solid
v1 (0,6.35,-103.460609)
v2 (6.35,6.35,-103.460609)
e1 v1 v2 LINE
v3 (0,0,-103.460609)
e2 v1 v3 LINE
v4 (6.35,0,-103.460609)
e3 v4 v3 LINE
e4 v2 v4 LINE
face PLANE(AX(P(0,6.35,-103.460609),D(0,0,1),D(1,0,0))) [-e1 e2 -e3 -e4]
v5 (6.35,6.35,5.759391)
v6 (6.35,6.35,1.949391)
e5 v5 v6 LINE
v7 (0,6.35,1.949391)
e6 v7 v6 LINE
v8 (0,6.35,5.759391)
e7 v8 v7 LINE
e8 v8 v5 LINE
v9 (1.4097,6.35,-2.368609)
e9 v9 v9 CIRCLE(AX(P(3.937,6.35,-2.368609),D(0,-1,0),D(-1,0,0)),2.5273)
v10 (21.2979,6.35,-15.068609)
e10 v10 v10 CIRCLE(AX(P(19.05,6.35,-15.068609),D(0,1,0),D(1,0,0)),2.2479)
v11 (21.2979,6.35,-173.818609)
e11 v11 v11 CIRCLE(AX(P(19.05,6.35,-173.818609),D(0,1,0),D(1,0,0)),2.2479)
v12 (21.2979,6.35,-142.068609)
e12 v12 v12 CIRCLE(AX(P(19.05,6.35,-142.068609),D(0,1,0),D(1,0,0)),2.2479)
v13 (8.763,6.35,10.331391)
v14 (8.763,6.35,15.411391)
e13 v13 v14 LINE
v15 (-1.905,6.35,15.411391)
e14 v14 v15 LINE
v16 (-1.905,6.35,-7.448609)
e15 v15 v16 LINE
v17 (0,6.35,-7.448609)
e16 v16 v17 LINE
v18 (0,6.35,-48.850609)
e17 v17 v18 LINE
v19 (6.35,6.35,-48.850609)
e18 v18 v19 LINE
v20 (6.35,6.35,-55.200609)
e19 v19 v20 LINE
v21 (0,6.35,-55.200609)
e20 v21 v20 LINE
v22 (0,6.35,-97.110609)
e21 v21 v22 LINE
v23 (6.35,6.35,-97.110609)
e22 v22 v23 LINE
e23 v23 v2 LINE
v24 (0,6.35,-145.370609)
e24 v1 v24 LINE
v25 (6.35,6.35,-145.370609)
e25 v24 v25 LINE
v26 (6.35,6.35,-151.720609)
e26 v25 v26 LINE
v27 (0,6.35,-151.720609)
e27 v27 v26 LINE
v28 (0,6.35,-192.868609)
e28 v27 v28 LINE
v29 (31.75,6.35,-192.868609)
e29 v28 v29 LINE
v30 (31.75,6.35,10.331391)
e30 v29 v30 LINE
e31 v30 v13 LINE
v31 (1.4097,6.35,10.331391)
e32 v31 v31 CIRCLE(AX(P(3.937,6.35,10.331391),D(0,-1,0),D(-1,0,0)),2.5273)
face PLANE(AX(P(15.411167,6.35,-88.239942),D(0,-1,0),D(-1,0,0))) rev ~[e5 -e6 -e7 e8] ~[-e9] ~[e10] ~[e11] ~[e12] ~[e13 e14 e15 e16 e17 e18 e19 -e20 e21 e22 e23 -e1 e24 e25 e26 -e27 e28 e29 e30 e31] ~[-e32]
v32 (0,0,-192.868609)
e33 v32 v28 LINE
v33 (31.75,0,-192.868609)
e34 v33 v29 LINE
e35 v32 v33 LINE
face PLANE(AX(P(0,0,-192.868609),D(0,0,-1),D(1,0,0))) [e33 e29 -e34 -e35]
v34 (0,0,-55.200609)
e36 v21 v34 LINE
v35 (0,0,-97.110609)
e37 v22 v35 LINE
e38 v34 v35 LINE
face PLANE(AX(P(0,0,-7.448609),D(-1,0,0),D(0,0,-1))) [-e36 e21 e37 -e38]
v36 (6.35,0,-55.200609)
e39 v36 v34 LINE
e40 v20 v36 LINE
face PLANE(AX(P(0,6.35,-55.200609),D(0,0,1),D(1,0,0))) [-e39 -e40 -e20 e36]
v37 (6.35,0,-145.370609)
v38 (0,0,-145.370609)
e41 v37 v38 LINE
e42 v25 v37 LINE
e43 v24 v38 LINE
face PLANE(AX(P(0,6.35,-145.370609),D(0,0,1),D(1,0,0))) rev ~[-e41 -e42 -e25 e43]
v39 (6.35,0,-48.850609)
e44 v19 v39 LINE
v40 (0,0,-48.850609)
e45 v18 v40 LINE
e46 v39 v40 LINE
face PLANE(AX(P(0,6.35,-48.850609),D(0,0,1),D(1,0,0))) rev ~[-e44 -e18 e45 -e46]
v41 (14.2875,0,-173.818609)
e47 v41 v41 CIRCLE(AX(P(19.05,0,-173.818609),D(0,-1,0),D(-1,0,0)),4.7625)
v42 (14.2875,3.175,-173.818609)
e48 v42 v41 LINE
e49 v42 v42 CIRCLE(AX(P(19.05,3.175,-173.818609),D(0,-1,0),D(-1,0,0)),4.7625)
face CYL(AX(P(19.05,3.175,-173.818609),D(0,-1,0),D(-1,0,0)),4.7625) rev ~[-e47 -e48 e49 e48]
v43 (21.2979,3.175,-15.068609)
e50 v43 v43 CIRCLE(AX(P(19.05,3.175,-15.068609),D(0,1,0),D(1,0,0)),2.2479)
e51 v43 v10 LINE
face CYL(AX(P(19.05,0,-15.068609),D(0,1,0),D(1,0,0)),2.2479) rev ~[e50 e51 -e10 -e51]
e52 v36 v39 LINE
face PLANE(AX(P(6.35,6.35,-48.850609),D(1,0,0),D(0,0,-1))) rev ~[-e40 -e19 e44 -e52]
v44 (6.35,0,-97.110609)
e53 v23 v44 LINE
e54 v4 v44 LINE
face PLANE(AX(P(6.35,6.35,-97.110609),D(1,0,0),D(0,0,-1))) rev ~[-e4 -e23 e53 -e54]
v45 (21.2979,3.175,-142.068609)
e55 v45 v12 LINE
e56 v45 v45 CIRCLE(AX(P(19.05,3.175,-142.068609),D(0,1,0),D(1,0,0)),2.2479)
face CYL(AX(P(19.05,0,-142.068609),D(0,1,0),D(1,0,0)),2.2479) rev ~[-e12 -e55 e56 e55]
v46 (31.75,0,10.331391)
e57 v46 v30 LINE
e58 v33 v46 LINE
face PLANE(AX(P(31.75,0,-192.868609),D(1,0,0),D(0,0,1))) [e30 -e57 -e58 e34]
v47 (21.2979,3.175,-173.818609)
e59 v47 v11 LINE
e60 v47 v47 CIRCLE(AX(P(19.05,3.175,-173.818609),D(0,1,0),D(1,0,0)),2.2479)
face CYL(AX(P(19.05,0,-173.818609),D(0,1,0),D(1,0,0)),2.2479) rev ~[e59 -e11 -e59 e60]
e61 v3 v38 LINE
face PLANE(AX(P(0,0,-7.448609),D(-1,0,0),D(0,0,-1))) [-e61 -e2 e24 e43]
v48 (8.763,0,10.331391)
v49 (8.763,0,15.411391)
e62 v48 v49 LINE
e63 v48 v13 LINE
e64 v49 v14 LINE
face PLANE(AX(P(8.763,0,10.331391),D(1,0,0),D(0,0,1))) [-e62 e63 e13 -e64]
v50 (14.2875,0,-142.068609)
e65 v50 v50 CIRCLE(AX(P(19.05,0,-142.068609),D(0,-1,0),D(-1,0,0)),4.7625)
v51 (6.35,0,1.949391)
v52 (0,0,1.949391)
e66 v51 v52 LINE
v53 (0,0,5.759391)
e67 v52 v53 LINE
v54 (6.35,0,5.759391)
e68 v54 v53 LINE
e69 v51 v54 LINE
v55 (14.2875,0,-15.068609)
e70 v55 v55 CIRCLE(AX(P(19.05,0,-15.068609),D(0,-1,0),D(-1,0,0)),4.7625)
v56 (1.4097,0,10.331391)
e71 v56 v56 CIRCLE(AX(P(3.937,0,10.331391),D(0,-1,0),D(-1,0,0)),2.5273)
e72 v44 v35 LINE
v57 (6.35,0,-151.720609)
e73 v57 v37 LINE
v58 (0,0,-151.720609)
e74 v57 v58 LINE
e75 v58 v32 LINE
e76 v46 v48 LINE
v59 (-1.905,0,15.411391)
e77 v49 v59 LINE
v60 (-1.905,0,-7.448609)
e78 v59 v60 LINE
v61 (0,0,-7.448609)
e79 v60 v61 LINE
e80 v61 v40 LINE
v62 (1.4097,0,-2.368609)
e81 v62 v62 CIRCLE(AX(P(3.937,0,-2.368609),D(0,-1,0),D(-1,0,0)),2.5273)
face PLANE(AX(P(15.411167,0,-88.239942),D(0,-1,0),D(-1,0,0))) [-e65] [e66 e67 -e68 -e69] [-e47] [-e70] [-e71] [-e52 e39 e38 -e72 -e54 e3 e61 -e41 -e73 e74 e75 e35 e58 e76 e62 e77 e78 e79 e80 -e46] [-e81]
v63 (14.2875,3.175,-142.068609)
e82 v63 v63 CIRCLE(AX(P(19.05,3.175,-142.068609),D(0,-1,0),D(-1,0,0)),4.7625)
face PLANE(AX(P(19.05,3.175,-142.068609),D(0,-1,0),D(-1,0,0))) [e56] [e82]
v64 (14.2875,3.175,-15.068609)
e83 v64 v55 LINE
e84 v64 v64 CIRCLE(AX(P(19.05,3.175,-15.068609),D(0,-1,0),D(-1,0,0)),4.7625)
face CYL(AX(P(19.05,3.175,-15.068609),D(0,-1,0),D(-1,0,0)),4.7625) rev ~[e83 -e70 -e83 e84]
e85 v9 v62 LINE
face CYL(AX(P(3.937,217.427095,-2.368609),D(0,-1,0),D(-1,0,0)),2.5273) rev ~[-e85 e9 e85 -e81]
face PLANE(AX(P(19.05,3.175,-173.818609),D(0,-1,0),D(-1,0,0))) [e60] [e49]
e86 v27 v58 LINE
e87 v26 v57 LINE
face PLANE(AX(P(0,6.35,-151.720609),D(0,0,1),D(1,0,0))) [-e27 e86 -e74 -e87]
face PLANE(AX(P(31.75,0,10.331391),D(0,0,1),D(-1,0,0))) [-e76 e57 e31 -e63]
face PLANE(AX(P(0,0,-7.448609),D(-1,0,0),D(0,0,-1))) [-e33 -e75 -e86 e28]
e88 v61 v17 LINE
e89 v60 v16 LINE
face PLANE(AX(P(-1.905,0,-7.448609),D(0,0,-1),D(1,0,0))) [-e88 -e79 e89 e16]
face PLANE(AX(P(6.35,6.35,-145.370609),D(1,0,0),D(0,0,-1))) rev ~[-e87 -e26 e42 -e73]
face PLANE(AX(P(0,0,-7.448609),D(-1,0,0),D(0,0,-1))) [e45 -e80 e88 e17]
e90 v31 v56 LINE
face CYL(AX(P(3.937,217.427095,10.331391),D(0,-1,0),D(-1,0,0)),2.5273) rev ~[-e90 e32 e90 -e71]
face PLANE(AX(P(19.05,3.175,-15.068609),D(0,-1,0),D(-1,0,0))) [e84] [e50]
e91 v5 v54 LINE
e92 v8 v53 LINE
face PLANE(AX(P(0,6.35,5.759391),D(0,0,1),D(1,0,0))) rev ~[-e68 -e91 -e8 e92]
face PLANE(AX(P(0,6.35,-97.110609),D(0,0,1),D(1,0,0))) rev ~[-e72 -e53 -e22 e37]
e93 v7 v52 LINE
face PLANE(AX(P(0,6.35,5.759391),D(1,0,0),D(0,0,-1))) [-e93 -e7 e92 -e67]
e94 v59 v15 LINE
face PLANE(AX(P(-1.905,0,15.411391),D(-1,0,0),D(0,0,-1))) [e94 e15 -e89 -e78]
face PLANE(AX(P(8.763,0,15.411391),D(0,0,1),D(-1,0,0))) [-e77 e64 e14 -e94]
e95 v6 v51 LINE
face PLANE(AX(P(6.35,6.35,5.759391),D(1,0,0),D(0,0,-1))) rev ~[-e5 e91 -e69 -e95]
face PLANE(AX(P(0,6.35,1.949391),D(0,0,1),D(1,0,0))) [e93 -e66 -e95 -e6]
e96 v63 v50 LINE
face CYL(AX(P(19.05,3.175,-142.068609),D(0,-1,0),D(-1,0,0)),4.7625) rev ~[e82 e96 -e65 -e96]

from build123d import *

# Parameters (mm, degrees)
BOSS_EXTRUDE1_DEPTH                                 = 6.35
SKETCH2_W                                           = 6.35
SKETCH2_H                                           = 6.35
CUT_EXTRUDE1_DEPTH                                  = 7.35
F_8_0_199_DIAMETER_HOLE1_D                          = 5.0546
SKETCH5_W                                           = 6.35
SKETCH5_H                                           = 3.81
CUT_EXTRUDE2_DEPTH                                  = 7.35
CBORE_FOR_8_BINDING_HEAD_MACHINE_SCREW1_D           = 4.4958
CBORE_FOR_8_BINDING_HEAD_MACHINE_SCREW1_CBORE_D     = 9.525
CBORE_FOR_8_BINDING_HEAD_MACHINE_SCREW1_CBORE_DEPTH = 3.175


with BuildPart() as part:
    # Sketch1 → Boss-Extrude1 (new body)
    with BuildSketch(Plane(origin=(0, 0, 0), x_dir=(1, 0, 0), z_dir=(0, 1, 0))):
        Polygon((8.763, -10.331391255), (8.763, -15.411391255), (-1.905, -15.411391255), (-1.905, 7.448608745), (0, 7.448608745), (0, 192.868608745), (31.75, 192.868608745), (31.75, -10.331391255), align=None)
    extrude(amount=BOSS_EXTRUDE1_DEPTH)

    # Sketch2 → Cut-Extrude1 (cut, through all)
    with BuildSketch(Plane(origin=(0, 6.35, 0), x_dir=(1, 0, 0), z_dir=(0, 1, 0))):
        with Locations((3.175, 52.025608745)):
            Rectangle(SKETCH2_W, SKETCH2_H)
        with Locations((3.175, 100.285608745)):
            Rectangle(SKETCH2_W, SKETCH2_H)
        with Locations((3.175, 148.545608745)):
            Rectangle(SKETCH2_W, SKETCH2_H)
    extrude(amount=-CUT_EXTRUDE1_DEPTH, mode=Mode.SUBTRACT)

    # #8 (0.199) Diameter Hole1 (through all)
    with Locations(Plane(origin=(0, 6.35, 0), x_dir=(1, 0, 0), z_dir=(0, 1, 0))):
        with Locations((3.937, 2.368608745), (3.937, -10.331391255)):
            Hole(F_8_0_199_DIAMETER_HOLE1_D / 2)

    # Sketch5 → Cut-Extrude2 (cut, through all)
    with BuildSketch(Plane(origin=(0, 6.35, 0), x_dir=(1, 0, 0), z_dir=(0, 1, 0))):
        with Locations((3.175, -3.854391255)):
            Rectangle(SKETCH5_W, SKETCH5_H)
    extrude(amount=-CUT_EXTRUDE2_DEPTH, mode=Mode.SUBTRACT)

    # CBORE for #8 Binding Head Machine Screw1 (through all)
    with Locations(Plane(origin=(0, 0, 0), x_dir=(-1, 0, 0), z_dir=(0, -1, 0))):
        with Locations((-19.05, 173.818608745), (-19.05, 142.068608745), (-19.05, 15.068608745)):
            CounterBoreHole(CBORE_FOR_8_BINDING_HEAD_MACHINE_SCREW1_D / 2, CBORE_FOR_8_BINDING_HEAD_MACHINE_SCREW1_CBORE_D / 2, CBORE_FOR_8_BINDING_HEAD_MACHINE_SCREW1_CBORE_DEPTH)


solid = part.part
